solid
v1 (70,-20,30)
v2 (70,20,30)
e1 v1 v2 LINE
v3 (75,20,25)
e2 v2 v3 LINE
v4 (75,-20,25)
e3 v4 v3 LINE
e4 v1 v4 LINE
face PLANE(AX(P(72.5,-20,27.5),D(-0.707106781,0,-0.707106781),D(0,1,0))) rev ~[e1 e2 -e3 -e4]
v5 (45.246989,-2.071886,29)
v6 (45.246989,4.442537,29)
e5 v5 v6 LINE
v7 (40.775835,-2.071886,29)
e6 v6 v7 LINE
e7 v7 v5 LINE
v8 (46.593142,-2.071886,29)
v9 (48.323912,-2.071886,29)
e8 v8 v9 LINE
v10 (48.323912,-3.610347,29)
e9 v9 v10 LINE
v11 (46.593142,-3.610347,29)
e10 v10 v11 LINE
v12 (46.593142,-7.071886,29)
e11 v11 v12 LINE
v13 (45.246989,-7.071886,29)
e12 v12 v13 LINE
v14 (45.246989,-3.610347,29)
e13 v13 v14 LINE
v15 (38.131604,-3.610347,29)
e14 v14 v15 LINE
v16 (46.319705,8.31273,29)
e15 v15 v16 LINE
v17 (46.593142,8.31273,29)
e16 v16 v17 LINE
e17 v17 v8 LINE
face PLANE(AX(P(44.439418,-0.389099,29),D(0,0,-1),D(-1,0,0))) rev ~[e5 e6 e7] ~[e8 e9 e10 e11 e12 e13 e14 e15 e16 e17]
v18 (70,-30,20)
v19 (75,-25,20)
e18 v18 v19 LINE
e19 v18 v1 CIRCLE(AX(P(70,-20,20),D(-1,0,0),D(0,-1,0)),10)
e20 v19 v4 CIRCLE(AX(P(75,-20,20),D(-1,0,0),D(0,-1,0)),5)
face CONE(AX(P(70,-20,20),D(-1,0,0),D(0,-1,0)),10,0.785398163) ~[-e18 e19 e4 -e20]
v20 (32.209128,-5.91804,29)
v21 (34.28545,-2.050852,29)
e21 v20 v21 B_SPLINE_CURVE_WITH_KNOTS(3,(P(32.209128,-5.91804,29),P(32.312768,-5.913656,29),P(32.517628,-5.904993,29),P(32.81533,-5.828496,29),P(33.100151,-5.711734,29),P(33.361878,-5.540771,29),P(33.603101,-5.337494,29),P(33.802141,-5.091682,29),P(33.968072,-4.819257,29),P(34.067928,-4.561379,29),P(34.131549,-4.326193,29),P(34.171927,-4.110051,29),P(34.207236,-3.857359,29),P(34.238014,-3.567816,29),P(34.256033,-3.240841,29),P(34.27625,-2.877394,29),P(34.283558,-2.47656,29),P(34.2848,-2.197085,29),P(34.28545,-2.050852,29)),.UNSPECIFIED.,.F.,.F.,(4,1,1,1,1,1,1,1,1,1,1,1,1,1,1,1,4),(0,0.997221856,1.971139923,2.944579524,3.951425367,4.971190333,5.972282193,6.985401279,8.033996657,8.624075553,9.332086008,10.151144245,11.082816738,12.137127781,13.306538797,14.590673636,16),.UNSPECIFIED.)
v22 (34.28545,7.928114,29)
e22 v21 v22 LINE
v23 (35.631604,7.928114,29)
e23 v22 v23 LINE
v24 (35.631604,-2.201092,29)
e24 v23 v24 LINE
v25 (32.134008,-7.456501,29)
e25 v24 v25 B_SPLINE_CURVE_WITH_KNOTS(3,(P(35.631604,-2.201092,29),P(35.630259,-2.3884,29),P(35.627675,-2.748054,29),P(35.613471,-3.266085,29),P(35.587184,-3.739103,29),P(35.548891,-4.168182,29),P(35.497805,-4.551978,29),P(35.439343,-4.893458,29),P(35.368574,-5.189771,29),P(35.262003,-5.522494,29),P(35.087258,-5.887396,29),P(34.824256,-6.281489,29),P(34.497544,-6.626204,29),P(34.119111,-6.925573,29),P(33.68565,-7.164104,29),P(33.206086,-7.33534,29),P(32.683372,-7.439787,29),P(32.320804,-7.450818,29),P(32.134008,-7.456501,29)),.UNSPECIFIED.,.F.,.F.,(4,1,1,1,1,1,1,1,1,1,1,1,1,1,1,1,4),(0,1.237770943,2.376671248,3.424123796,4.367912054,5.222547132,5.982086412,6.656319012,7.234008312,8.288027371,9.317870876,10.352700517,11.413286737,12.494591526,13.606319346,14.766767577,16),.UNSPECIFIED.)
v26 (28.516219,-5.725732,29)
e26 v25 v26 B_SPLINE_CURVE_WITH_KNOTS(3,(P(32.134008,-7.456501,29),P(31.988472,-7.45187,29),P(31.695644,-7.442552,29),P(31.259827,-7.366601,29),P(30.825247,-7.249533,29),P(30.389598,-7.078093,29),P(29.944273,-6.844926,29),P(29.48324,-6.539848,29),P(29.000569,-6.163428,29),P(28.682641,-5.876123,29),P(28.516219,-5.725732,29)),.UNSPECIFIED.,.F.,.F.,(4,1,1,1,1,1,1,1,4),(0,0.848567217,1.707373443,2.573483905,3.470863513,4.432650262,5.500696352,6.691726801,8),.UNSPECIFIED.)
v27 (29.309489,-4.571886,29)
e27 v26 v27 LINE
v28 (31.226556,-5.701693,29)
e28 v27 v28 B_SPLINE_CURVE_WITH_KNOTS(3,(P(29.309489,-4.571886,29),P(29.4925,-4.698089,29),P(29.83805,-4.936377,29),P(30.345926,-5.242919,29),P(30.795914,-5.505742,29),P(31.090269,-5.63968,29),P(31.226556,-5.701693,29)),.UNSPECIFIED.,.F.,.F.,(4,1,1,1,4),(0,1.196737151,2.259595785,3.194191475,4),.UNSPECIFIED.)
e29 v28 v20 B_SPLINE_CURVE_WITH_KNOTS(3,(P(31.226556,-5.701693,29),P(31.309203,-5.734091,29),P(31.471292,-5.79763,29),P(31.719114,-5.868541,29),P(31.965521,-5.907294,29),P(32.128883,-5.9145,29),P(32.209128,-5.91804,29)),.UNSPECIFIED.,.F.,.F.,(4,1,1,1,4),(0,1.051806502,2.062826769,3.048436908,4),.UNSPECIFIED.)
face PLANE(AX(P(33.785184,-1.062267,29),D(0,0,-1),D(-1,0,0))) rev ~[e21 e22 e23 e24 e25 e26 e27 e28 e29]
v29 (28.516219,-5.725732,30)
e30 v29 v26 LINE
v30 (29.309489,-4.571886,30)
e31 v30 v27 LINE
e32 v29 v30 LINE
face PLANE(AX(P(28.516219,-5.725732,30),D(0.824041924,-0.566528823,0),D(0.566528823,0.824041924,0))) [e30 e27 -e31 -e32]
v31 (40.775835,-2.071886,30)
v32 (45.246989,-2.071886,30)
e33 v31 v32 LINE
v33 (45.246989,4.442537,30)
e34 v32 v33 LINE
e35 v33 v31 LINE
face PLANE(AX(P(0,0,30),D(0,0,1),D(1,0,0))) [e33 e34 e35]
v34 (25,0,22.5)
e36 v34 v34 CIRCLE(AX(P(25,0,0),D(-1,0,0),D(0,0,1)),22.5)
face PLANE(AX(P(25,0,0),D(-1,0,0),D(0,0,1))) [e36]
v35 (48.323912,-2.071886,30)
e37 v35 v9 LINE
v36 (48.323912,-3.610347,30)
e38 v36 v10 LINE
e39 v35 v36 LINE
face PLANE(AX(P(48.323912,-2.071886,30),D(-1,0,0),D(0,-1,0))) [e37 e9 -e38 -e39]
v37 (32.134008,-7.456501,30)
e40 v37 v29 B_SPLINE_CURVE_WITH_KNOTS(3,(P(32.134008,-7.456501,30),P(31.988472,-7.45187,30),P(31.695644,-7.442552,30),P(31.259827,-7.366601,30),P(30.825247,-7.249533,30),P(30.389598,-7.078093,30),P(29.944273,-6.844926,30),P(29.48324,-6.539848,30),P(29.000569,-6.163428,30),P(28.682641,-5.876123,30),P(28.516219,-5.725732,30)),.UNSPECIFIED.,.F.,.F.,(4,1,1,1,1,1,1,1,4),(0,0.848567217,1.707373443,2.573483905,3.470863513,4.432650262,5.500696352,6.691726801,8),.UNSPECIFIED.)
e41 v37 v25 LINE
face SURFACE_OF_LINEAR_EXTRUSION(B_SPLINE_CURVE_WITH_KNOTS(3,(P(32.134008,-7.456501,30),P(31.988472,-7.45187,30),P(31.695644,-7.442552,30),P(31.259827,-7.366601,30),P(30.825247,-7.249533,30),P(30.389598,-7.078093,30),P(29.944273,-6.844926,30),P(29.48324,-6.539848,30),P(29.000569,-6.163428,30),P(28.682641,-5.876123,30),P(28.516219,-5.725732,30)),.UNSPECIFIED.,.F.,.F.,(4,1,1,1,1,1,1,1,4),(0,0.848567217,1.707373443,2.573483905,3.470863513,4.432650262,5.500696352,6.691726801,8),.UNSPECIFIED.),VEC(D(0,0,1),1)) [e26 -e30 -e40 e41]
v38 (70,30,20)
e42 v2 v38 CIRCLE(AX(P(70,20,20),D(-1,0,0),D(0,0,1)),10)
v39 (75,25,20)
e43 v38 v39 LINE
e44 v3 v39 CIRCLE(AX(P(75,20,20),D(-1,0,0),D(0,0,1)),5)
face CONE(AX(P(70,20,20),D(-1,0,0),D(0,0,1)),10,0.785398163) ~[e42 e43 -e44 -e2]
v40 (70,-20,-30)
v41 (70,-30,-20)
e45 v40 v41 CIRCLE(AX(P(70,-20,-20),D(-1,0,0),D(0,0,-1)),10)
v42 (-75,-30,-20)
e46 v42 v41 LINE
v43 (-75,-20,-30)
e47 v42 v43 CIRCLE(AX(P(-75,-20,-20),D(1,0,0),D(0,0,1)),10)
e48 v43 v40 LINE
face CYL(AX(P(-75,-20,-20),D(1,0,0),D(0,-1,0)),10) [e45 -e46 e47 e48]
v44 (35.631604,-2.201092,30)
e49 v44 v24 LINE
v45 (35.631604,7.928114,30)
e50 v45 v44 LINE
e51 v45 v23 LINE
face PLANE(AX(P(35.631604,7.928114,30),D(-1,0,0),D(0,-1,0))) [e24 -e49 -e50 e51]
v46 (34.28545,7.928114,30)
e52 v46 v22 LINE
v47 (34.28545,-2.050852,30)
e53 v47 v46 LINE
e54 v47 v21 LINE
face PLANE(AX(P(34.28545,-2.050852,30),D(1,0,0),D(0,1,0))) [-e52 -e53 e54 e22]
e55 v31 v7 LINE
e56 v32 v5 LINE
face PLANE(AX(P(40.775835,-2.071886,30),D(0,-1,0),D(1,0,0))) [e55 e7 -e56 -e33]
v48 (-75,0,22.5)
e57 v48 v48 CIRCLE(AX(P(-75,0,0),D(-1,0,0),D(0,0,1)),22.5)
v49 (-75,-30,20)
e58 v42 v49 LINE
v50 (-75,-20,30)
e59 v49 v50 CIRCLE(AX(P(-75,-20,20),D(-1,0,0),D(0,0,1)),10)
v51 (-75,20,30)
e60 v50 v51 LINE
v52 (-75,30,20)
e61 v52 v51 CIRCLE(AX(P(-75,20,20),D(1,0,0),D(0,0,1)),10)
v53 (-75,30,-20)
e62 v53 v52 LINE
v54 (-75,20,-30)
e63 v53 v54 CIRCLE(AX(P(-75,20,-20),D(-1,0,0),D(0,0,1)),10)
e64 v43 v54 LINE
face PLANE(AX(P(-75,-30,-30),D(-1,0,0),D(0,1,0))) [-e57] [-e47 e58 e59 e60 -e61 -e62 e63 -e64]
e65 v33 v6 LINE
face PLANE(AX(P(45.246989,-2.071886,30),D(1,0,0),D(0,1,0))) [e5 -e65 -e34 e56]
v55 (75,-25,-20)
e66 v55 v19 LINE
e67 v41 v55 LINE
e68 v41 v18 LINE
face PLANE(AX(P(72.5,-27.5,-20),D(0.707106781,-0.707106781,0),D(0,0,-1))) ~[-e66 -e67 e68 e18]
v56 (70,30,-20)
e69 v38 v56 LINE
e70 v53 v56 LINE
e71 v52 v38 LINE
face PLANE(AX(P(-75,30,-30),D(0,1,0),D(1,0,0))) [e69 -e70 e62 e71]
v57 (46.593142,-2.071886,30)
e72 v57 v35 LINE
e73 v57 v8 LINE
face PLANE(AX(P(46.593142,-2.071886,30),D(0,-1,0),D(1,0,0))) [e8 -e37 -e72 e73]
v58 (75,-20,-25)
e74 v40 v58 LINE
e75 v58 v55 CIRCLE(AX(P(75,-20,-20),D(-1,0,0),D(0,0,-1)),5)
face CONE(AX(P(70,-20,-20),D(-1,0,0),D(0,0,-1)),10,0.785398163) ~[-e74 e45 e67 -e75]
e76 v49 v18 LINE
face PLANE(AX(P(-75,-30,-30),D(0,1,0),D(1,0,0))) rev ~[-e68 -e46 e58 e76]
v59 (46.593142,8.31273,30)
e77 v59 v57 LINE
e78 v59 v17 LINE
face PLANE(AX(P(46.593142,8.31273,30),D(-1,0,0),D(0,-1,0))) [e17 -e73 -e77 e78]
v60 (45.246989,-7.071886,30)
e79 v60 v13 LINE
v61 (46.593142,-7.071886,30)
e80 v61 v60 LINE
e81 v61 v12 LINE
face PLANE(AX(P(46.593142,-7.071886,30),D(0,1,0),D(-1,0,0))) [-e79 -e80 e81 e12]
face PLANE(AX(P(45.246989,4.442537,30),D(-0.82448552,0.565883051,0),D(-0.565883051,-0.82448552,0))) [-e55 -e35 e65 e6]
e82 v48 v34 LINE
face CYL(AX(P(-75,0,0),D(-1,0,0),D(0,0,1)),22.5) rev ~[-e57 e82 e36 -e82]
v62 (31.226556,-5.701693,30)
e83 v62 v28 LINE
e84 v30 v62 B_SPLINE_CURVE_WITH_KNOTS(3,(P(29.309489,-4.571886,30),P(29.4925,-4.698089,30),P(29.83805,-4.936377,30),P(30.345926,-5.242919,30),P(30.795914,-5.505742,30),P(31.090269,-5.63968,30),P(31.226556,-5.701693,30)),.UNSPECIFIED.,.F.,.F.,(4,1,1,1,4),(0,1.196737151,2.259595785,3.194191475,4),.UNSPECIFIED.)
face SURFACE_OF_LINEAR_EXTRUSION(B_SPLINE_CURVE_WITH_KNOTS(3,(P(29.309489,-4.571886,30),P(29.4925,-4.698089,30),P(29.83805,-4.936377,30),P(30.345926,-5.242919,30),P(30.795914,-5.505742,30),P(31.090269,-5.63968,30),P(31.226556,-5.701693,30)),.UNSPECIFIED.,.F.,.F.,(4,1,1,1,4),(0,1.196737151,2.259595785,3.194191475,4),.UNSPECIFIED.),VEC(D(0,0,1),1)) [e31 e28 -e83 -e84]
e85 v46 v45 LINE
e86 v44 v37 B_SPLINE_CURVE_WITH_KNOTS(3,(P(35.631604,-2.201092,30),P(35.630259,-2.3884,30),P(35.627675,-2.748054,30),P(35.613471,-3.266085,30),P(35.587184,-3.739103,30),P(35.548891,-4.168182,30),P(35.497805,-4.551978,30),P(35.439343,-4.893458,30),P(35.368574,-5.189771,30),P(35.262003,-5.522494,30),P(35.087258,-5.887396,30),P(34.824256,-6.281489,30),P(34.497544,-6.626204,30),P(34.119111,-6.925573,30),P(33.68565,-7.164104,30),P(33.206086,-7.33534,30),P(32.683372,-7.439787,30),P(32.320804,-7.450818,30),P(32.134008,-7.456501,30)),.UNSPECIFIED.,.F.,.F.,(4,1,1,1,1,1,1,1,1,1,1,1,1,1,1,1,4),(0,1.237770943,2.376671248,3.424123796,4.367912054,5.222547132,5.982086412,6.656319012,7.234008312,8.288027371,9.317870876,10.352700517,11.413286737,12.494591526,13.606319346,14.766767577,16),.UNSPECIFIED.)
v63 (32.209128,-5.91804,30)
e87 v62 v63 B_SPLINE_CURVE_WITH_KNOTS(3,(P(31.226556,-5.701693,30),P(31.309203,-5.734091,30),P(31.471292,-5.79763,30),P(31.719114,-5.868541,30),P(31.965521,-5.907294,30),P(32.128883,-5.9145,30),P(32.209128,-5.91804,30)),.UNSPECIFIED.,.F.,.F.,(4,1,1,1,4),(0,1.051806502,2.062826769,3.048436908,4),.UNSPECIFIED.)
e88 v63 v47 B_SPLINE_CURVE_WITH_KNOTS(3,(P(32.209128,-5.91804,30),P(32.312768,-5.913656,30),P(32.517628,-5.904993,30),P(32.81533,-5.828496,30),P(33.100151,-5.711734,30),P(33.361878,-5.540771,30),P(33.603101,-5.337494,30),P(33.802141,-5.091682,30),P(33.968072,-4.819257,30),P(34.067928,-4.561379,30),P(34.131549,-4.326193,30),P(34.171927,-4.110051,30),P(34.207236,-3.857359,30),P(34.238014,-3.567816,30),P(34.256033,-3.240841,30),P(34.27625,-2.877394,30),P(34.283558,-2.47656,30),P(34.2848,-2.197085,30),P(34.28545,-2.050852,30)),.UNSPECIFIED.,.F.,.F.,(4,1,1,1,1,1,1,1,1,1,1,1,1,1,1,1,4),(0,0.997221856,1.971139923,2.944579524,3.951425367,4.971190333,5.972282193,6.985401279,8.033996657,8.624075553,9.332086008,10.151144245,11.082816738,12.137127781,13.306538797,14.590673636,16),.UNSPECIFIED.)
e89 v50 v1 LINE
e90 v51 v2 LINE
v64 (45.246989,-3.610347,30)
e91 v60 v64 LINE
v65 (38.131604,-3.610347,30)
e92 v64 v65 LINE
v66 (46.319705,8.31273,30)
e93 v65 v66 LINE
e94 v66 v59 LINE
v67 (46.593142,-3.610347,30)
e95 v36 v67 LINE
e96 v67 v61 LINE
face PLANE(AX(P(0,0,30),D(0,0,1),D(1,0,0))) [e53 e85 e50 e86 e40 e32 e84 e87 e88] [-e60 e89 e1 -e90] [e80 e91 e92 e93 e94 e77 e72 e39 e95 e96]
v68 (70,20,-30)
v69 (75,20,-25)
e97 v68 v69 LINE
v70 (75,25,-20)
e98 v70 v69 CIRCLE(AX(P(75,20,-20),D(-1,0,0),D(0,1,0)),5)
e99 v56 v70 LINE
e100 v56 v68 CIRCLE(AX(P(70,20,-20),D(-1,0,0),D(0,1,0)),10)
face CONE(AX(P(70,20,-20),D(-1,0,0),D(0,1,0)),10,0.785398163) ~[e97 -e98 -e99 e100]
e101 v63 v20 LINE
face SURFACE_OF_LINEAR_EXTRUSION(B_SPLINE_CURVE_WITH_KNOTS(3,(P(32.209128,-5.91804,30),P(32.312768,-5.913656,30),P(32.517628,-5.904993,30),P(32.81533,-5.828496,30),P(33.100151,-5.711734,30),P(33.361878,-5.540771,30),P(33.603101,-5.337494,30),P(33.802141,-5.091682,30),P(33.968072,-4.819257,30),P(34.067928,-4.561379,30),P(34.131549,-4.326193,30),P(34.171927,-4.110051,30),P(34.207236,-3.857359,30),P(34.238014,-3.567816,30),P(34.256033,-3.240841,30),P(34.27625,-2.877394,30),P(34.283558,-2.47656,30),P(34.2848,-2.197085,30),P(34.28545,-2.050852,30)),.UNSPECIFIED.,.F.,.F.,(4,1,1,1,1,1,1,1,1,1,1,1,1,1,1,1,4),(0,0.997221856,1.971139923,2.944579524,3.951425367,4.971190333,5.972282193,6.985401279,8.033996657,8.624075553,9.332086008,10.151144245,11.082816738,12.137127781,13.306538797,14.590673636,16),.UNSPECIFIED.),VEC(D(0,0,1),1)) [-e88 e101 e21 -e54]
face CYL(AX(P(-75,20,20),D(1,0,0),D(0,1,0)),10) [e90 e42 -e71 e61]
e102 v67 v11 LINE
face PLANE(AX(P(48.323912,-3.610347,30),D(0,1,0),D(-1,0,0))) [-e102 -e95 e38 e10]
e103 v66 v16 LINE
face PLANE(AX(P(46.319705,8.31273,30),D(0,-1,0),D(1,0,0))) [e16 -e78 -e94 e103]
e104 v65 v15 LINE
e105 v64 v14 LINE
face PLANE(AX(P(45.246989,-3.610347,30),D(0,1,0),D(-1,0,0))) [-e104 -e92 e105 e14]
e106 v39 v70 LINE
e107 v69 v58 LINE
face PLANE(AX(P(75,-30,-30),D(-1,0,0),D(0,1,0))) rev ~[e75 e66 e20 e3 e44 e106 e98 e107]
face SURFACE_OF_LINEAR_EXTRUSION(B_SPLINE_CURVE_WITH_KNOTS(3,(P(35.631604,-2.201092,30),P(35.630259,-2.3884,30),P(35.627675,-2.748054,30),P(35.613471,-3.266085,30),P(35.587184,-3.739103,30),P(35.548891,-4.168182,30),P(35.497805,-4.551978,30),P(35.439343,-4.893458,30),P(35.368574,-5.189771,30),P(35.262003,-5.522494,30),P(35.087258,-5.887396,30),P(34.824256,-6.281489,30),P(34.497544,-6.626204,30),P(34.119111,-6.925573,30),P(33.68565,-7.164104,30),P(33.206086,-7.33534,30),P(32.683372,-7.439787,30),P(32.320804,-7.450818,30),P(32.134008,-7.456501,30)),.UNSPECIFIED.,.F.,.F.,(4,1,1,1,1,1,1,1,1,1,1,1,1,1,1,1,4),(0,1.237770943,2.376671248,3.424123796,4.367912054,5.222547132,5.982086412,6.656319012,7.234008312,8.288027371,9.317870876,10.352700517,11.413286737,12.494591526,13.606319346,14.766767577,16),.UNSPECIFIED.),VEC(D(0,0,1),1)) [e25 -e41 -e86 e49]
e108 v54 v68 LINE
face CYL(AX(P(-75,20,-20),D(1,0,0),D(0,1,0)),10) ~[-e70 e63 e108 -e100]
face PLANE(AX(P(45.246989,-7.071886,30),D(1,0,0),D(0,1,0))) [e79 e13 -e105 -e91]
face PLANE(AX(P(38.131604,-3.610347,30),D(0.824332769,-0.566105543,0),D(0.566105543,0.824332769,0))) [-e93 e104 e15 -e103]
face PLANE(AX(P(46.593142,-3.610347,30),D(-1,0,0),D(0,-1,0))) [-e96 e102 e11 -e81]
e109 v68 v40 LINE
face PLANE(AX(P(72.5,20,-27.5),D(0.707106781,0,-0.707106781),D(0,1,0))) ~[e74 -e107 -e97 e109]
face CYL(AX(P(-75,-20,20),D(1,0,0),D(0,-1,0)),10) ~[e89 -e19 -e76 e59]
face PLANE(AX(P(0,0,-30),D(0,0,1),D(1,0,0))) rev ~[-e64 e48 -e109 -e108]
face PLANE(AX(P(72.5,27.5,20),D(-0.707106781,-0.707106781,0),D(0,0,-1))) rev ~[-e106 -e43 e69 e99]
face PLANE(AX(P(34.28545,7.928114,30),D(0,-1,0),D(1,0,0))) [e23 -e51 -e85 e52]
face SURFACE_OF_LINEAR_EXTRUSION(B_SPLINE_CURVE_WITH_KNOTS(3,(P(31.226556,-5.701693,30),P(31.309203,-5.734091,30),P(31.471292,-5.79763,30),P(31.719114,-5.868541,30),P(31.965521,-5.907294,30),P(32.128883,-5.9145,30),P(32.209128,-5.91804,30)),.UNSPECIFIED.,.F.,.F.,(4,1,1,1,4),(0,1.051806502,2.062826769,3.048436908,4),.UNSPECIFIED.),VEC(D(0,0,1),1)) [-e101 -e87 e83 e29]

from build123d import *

# Parameters (mm, degrees)
BOSS_EXTRUDE1_DEPTH      = 30
BOSS_EXTRUDE1_DEPTH_BACK = 30
SKETCH1_W                = 150
SKETCH1_H                = 60
FILLET1_R                = 10
CHAMFER1_SIZE            = 5
CUT_EXTRUDE1_DEPTH       = 1
SKETCH14_R               = 22.5
CUT_EXTRUDE5_DEPTH       = 100


with BuildPart() as part:
    # Sketch1 → Boss-Extrude1 (new, two sides: drawn at the far end of the back side and taken through both)
    with BuildSketch(Plane.XY.offset(-BOSS_EXTRUDE1_DEPTH_BACK)):
        Rectangle(SKETCH1_W, SKETCH1_H)
    extrude(amount=BOSS_EXTRUDE1_DEPTH + BOSS_EXTRUDE1_DEPTH_BACK)

    # Fillet1
    fillet1_edges = [part.edges().sort_by_distance(p)[0] for p in [
        (0, 30, 30),
        (0, -30, 30),
        (0, -30, -30),
        (0, 30, -30),
    ]]
    fillet(fillet1_edges, radius=FILLET1_R)

    # Chamfer1
    chamfer1_edges = [part.edges().sort_by_distance(p)[0] for p in [
        (75, -30, 0),
        (75, 30, 0),
        (75, 0, 30),
        (75, 0, -30),
        (75, 27.071067812, -27.071067812),
        (75, 27.071067812, 27.071067812),
        (75, -27.071067812, 27.071067812),
        (75, -27.071067812, -27.071067812),
    ]]
    chamfer(chamfer1_edges, length=CHAMFER1_SIZE)

    # Sketch4 → Cut-Extrude1 (cut)
    # profile 1 of 2: a face of its own
    with BuildSketch(Plane.XY.offset(30)):
        with BuildLine():
            Line((34.285450061, 7.928114282), (35.631603908, 7.928114282))
            Line((35.631603908, 7.928114282), (35.631603908, -2.201092449))
            add(Edge.make_bspline(
                [(35.631603908, -2.201092449), (35.630258542, -2.388400324), (35.627675276, -2.748054301), (35.613470659, -3.266085283), (35.587184325, -3.73910251), (35.548891415, -4.168181568), (35.497804703, -4.551978234), (35.439343154, -4.893458025), (35.368574016, -5.189770949), (35.262003446, -5.522493902), (35.087257952, -5.887395922), (34.82425636, -6.281489425), (34.497544375, -6.626204042), (34.119111376, -6.925572863), (33.685649844, -7.164103854), (33.206086048, -7.335340333), (32.683372102, -7.439786861), (32.320804049, -7.450817883), (32.134007754, -7.456501103)],
                knots=[0, 0, 0, 0, 1.237770943, 2.376671248, 3.424123796, 4.367912054, 5.222547132, 5.982086412, 6.656319012, 7.234008312, 8.288027371, 9.317870876, 10.352700517, 11.413286737, 12.494591526, 13.606319346, 14.766767577, 16, 16, 16, 16], degree=3))
            add(Edge.make_bspline(
                [(32.134007754, -7.456501103), (31.988471933, -7.451869921), (31.695644221, -7.442551676), (31.259826898, -7.366601477), (30.825247001, -7.24953272), (30.389597935, -7.078093026), (29.944272615, -6.844926175), (29.483239701, -6.53984839), (29.000568882, -6.163427562), (28.682640513, -5.876122938), (28.516219292, -5.725731872)],
                knots=[0, 0, 0, 0, 0.848567217, 1.707373443, 2.573483905, 3.470863513, 4.432650262, 5.500696352, 6.691726801, 8, 8, 8, 8], degree=3))
            Line((28.516219292, -5.725731872), (29.309488523, -4.571885718))
            add(Edge.make_bspline(
                [(29.309488523, -4.571885718), (29.492500004, -4.698088845), (29.838049545, -4.936376804), (30.34592572, -5.242919377), (30.795913519, -5.505741515), (31.090269007, -5.639679854), (31.226555831, -5.701693411)],
                knots=[0, 0, 0, 0, 1.196737151, 2.259595785, 3.194191475, 4, 4, 4, 4], degree=3))
            add(Edge.make_bspline(
                [(31.226555831, -5.701693411), (31.30920288, -5.734091085), (31.471292148, -5.797630139), (31.719113918, -5.868541131), (31.96552122, -5.907294317), (32.128882765, -5.91450003), (32.209127946, -5.918039564)],
                knots=[0, 0, 0, 0, 1.051806502, 2.062826769, 3.048436908, 4, 4, 4, 4], degree=3))
            add(Edge.make_bspline(
                [(32.209127946, -5.918039564), (32.312768468, -5.913656415), (32.517627566, -5.904992544), (32.815330398, -5.82849565), (33.100150531, -5.711733923), (33.361877636, -5.540771235), (33.603100723, -5.337493718), (33.802141404, -5.091682252), (33.968072452, -4.819256606), (34.067928281, -4.561378947), (34.131548732, -4.326193389), (34.171927133, -4.110051378), (34.207235678, -3.857359327), (34.238013757, -3.567815611), (34.256032917, -3.240840545), (34.2762498, -2.877394218), (34.283558061, -2.476560309), (34.284800151, -2.197084801), (34.285450061, -2.050852064)],
                knots=[0, 0, 0, 0, 0.997221856, 1.971139923, 2.944579524, 3.951425367, 4.971190333, 5.972282193, 6.985401279, 8.033996657, 8.624075553, 9.332086008, 10.151144245, 11.082816738, 12.137127781, 13.306538797, 14.590673636, 16, 16, 16, 16], degree=3))
            Line((34.285450061, -2.050852064), (34.285450061, 7.928114282))
        make_face()
    # profile 2 of 2: a face of its own
    with BuildSketch(Plane.XY.offset(30)):
        Polygon((46.319704869, 8.312729666), (46.593142369, 8.312729666), (46.593142369, -2.071885718), (48.3239116, -2.071885718), (48.3239116, -3.610347257), (46.593142369, -3.610347257), (46.593142369, -7.071885718), (45.246988523, -7.071885718), (45.246988523, -3.610347257), (38.131603908, -3.610347257), align=None)
        Polygon((45.246988523, -2.071885718), (45.246988523, 4.442537359), (40.775834677, -2.071885718), align=None, mode=Mode.SUBTRACT)
    extrude(amount=-CUT_EXTRUDE1_DEPTH, mode=Mode.SUBTRACT)

    # Sketch14 → Cut-Extrude5 (cut)
    with BuildSketch(Plane.ZY.offset(75)):
        Circle(SKETCH14_R)
    extrude(amount=-CUT_EXTRUDE5_DEPTH, mode=Mode.SUBTRACT)


solid = part.part
